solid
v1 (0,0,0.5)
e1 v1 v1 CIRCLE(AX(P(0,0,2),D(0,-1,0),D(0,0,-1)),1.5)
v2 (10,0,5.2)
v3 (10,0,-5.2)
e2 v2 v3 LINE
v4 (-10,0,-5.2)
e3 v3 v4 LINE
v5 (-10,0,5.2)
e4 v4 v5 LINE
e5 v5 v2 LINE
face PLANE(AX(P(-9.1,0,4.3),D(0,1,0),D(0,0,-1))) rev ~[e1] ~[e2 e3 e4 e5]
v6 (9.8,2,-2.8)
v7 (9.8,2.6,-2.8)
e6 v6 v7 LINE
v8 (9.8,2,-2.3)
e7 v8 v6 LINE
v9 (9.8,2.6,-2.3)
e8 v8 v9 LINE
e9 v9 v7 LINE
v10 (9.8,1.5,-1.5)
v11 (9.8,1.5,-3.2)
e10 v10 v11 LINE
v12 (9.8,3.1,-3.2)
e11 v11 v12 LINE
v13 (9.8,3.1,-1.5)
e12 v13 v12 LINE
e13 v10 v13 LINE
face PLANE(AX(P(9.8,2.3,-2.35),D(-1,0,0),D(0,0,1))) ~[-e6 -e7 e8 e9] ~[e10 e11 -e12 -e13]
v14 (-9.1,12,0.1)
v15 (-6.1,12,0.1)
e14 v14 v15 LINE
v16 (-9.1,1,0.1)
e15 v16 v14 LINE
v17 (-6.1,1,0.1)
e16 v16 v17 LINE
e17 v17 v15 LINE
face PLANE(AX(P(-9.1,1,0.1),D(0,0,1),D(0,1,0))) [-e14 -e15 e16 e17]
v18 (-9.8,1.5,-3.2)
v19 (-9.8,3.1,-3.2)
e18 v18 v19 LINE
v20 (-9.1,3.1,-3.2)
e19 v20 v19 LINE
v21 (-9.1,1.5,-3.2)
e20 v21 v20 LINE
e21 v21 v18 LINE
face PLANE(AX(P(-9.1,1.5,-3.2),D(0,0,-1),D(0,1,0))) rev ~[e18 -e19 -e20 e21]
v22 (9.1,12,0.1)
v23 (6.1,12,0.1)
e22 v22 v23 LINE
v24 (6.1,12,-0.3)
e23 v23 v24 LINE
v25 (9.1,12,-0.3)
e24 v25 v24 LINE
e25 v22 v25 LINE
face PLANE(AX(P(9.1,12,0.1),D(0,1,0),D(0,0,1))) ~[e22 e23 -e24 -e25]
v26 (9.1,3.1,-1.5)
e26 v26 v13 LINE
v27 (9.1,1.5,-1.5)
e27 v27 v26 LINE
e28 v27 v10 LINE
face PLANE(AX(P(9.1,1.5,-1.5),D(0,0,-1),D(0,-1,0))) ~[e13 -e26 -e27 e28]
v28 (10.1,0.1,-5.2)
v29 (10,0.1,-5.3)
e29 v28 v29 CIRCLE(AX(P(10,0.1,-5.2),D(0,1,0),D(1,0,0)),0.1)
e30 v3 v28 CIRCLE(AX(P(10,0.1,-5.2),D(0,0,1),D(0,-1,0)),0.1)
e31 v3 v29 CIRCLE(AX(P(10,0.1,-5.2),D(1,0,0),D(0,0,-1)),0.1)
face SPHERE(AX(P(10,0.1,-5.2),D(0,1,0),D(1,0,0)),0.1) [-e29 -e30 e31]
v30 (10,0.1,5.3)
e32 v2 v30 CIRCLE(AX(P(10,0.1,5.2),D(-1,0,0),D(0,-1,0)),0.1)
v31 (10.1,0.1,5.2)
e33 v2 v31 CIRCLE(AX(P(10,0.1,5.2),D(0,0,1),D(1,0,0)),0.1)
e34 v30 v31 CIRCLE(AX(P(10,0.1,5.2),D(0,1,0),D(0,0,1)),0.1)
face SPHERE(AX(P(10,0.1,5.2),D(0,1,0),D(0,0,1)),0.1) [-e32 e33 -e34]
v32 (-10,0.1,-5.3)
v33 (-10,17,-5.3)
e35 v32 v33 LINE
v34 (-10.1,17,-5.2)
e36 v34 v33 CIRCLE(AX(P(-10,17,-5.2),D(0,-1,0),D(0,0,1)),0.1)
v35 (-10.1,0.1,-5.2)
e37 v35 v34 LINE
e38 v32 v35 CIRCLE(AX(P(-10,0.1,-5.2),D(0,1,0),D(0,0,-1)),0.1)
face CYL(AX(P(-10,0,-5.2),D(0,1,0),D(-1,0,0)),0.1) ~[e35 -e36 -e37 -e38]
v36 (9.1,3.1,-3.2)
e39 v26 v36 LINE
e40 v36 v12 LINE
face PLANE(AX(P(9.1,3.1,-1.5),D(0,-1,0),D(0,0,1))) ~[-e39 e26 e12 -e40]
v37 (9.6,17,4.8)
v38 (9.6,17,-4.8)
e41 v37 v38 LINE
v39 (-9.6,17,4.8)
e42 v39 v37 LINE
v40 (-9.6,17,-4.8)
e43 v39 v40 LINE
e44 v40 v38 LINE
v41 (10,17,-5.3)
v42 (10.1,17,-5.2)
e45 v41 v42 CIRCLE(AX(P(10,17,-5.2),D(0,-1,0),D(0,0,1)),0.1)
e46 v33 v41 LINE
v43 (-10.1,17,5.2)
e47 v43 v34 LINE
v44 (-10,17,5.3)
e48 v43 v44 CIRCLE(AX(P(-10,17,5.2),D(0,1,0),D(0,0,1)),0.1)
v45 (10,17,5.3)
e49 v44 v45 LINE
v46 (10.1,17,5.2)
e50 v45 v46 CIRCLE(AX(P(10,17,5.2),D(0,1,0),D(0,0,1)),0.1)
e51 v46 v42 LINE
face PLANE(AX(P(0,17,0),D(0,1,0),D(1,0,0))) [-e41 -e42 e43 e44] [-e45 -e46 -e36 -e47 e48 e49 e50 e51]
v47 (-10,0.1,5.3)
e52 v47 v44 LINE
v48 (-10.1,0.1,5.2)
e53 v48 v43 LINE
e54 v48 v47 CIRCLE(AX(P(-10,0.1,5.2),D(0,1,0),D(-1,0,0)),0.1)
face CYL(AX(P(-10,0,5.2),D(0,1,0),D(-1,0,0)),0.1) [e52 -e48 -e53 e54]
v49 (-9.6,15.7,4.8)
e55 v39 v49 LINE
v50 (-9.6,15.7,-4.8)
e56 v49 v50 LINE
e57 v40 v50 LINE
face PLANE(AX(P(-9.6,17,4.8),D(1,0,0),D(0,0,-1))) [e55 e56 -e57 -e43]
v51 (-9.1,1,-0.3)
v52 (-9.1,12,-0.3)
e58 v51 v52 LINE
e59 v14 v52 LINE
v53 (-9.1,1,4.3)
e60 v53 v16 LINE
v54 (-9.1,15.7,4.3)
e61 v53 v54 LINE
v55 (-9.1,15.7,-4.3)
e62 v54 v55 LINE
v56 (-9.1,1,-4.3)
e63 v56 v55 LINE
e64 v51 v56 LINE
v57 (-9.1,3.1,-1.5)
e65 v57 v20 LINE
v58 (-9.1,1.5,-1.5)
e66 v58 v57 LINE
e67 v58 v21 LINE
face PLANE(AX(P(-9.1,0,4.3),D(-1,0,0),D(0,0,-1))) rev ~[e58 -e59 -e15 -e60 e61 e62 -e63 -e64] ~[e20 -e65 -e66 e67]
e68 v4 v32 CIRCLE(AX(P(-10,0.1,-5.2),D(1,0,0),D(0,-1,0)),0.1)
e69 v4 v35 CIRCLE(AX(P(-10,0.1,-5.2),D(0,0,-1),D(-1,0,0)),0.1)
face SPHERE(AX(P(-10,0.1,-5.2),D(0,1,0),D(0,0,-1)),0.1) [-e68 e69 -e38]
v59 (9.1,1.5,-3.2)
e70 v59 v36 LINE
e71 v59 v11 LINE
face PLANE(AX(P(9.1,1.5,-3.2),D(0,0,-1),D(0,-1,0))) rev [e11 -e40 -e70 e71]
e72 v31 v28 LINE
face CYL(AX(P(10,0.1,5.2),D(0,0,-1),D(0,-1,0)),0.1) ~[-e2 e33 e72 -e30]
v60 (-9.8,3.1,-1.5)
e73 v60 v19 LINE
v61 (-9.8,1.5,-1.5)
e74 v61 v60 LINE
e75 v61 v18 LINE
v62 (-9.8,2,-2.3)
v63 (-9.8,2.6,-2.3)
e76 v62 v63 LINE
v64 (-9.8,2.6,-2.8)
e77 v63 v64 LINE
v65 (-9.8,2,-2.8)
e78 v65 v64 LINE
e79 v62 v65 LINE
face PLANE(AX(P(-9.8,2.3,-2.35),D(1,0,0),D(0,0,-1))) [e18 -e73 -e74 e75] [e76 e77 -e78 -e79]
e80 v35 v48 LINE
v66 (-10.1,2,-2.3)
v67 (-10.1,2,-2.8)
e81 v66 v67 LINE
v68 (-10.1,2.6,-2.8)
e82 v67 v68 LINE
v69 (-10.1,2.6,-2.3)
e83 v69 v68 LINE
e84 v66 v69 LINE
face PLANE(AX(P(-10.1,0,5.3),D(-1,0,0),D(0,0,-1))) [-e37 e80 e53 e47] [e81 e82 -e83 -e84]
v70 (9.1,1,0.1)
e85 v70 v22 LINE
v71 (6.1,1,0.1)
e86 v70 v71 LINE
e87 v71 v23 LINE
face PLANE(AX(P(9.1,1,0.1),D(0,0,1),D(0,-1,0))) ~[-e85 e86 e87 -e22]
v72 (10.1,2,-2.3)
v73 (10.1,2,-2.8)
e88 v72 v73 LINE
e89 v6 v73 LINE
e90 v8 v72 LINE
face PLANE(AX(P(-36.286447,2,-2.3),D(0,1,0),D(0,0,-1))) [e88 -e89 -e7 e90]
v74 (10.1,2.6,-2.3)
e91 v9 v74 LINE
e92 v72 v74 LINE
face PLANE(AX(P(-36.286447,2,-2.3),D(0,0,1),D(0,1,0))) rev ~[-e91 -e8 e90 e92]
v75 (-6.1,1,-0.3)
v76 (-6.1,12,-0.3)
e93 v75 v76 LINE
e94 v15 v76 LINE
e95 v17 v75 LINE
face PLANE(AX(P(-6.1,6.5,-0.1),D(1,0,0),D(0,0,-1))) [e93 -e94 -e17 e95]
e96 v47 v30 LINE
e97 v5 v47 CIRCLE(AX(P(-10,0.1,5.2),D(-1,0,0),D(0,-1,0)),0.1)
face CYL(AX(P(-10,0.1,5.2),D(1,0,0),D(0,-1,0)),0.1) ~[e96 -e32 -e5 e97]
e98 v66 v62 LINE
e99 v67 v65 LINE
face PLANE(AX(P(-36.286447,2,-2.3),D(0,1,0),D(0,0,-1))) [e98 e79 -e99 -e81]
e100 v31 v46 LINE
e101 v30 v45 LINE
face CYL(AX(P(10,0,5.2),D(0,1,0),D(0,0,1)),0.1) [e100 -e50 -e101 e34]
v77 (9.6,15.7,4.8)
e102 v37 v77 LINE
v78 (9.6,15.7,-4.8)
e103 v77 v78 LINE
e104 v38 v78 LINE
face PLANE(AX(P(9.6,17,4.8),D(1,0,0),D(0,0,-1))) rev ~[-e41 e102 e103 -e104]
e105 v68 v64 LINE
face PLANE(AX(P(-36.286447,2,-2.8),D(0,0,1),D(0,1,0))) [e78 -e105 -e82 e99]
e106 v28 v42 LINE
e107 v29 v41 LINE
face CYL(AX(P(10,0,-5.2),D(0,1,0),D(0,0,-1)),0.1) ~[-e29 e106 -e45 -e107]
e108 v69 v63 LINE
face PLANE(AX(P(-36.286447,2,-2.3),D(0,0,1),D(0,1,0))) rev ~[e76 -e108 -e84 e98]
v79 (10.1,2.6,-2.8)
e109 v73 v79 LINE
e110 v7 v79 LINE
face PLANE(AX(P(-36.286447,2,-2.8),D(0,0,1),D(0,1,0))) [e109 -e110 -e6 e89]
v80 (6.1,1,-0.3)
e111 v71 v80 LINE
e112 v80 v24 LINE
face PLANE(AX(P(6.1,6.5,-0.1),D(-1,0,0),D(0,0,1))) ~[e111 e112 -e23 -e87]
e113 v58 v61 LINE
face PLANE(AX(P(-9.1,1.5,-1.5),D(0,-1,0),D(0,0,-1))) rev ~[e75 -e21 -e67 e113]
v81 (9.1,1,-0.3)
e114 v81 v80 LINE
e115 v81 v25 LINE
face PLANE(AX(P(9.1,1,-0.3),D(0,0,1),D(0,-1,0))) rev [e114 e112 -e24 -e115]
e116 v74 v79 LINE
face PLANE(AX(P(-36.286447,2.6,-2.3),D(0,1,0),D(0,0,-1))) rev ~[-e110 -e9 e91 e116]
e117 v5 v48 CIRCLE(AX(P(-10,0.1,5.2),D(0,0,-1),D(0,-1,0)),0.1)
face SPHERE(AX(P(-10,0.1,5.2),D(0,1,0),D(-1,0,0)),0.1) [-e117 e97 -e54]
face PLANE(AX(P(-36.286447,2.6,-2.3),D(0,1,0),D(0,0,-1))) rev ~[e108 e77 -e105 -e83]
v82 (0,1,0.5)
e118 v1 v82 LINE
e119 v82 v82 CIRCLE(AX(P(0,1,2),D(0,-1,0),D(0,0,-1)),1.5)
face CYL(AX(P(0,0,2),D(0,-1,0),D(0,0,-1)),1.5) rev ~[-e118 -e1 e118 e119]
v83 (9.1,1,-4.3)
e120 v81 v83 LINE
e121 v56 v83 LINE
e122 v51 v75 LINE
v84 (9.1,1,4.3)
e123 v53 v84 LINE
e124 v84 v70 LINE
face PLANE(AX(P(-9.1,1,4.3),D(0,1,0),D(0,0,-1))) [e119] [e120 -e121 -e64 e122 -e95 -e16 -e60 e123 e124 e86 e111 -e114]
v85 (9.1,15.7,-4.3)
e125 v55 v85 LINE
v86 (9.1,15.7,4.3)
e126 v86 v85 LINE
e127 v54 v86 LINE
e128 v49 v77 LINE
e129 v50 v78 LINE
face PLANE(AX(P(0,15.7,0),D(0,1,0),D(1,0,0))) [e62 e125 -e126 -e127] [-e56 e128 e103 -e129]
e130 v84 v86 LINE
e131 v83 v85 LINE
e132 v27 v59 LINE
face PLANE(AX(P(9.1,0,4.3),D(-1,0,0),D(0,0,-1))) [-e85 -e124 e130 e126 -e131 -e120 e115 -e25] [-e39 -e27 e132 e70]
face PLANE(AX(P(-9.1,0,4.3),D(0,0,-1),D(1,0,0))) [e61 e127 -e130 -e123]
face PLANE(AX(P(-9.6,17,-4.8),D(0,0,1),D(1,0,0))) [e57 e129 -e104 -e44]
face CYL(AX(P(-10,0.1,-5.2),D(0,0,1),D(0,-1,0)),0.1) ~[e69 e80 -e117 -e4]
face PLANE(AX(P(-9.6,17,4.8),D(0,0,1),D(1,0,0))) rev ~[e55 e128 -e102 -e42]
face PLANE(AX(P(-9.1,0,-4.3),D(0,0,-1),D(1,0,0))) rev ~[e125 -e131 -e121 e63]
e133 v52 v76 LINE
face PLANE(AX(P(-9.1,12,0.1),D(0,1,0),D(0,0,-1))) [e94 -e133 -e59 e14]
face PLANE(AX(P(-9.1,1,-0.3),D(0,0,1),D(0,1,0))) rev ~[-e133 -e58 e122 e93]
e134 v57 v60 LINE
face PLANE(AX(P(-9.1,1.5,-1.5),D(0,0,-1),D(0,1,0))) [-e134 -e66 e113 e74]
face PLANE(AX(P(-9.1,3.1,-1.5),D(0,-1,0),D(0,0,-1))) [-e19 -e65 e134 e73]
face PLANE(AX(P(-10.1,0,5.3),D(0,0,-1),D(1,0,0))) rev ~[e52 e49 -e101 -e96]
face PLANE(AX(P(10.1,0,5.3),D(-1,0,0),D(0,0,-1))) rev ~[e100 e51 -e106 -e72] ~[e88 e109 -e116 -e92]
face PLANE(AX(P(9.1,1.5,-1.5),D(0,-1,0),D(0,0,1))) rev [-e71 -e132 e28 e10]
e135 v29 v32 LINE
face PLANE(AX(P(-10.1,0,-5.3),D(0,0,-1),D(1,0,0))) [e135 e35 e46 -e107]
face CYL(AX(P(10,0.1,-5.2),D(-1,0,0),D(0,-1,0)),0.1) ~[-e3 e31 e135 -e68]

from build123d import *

# Parameters (mm, degrees)
SKETCH1_2_W             = 20.2
SKETCH1_2_H             = 10.6
SKETCH1_2_W_2           = 18.2
SKETCH1_2_H_2           = 8.6
BOSS_EXTRUDE1_DEPTH     = 17
SKETCH3_W               = 8.6
SKETCH3_H               = 1
BOSS_EXTRUDE2_DEPTH     = 19.2
SKETCH4_W               = 19.2
SKETCH4_H               = 9.6
CUT_EXTRUDE1_DEPTH      = 1.3
CUT_EXTRUDE2_REACH      = 22.472
SKETCH6_R               = 1.5
SKETCH8_W               = 0.4
SKETCH8_H               = 11
BOSS_EXTRUDE3_DEPTH     = 3
CUT_EXTRUDE3_DEPTH      = 27.186446876
CUT_EXTRUDE3_DEPTH_BACK = 27.186446876
SKETCH11_W              = 0.5
SKETCH11_H              = 0.6
FILLET12_R              = 0.1
FILLET13_R              = 0.1
SKETCH13_W              = 1.7
SKETCH13_H              = 1.6
CUT_EXTRUDE4_DEPTH      = 0.7


with BuildPart() as part:
    # Sketch1<2> → Boss-Extrude1 (new body)
    with BuildSketch(Plane(origin=(0, 0, 0), x_dir=(1, 0, 0), z_dir=(0, 1, 0))):
        Rectangle(SKETCH1_2_W, SKETCH1_2_H)
        Rectangle(SKETCH1_2_W_2, SKETCH1_2_H_2, mode=Mode.SUBTRACT)
    extrude(amount=BOSS_EXTRUDE1_DEPTH)

    # Sketch3 → Boss-Extrude2 (add)
    with BuildSketch(Plane(origin=(-9.1, 0, 0), x_dir=(0, 0, -1), z_dir=(1, 0, 0))):
        with Locations((0, 0.5)):
            Rectangle(SKETCH3_W, SKETCH3_H)
    extrude(amount=BOSS_EXTRUDE2_DEPTH)

    # Sketch4 → Cut-Extrude1 (cut)
    with BuildSketch(Plane(origin=(0, 17, 0), x_dir=(1, 0, 0), z_dir=(0, 1, 0))):
        Rectangle(SKETCH4_W, SKETCH4_H)
    extrude(amount=-CUT_EXTRUDE1_DEPTH, mode=Mode.SUBTRACT)

    # Sketch6 → Cut-Extrude2 (cut, up to next)
    with BuildSketch(Plane.XZ, mode=Mode.PRIVATE) as cut_extrude2_sk1:
        with Locations(Location((0, 2, 0), (0, 0, 270))):
            Circle(SKETCH6_R)
    cut_extrude2_tool1 = extrude(cut_extrude2_sk1.sketch, amount=-CUT_EXTRUDE2_REACH, mode=Mode.PRIVATE) & part.part
    add(cut_extrude2_tool1.solids().sort_by_distance((0, 0, 2))[0], mode=Mode.SUBTRACT)

    # Sketch8 → Boss-Extrude3 (add)
    with BuildSketch(Plane(origin=(-9.1, 0, 0), x_dir=(0, 0, -1), z_dir=(1, 0, 0))):
        with Locations((0.1, 6.5)):
            Rectangle(SKETCH8_W, SKETCH8_H)
    boss_extrude3 = extrude(amount=BOSS_EXTRUDE3_DEPTH)

    # Mirror1: Boss-Extrude3 across plane
    add(boss_extrude3.mirror(Plane(origin=(0, 0, 0), x_dir=(0, 0, 1), z_dir=(1, 0, 0))))

    # Sketch11 → Cut-Extrude3 (cut, two sides: drawn at the far end of the back side and taken through both)
    with BuildSketch(Plane(origin=(-9.1, 0, 0), x_dir=(0, 0, -1), z_dir=(1, 0, 0)).offset(-CUT_EXTRUDE3_DEPTH_BACK)):
        with Locations((2.55, 2.3)):
            Rectangle(SKETCH11_W, SKETCH11_H)
    extrude(amount=CUT_EXTRUDE3_DEPTH + CUT_EXTRUDE3_DEPTH_BACK, mode=Mode.SUBTRACT)

    # Fillet12
    fillet12_edges = [part.edges().sort_by_distance(p)[0] for p in [
        (10.1, 8.5, 5.3),
        (-10.1, 8.5, 5.3),
        (-10.1, 8.5, -5.3),
        (10.1, 8.5, -5.3),
    ]]
    fillet(fillet12_edges, radius=FILLET12_R)

    # Fillet13
    fillet13_edges = [part.edges().sort_by_distance(p)[0] for p in [
        (0, 0, 5.3),
        (0, 0, -5.3),
        (10.1, 0, 0),
        (-10.1, 0, 0),
        (-10.070710678, 0, -5.270710678),
        (10.070710678, 0, -5.270710678),
        (10.070710678, 0, 5.270710678),
        (-10.070710678, 0, 5.270710678),
    ]]
    fillet(fillet13_edges, radius=FILLET13_R)

    # Sketch13 → Cut-Extrude4 (cut)
    with BuildSketch(Plane(origin=(-9.1, 0, 0), x_dir=(0, 0, -1), z_dir=(1, 0, 0))):
        with Locations((2.35, 2.3)):
            Rectangle(SKETCH13_W, SKETCH13_H)
    cut_extrude4 = extrude(amount=-CUT_EXTRUDE4_DEPTH, mode=Mode.SUBTRACT)

    # Mirror2: Cut-Extrude4 across plane
    add(cut_extrude4.mirror(Plane(origin=(0, 0, 0), x_dir=(0, 0, 1), z_dir=(1, 0, 0))), mode=Mode.SUBTRACT)


solid = part.part
